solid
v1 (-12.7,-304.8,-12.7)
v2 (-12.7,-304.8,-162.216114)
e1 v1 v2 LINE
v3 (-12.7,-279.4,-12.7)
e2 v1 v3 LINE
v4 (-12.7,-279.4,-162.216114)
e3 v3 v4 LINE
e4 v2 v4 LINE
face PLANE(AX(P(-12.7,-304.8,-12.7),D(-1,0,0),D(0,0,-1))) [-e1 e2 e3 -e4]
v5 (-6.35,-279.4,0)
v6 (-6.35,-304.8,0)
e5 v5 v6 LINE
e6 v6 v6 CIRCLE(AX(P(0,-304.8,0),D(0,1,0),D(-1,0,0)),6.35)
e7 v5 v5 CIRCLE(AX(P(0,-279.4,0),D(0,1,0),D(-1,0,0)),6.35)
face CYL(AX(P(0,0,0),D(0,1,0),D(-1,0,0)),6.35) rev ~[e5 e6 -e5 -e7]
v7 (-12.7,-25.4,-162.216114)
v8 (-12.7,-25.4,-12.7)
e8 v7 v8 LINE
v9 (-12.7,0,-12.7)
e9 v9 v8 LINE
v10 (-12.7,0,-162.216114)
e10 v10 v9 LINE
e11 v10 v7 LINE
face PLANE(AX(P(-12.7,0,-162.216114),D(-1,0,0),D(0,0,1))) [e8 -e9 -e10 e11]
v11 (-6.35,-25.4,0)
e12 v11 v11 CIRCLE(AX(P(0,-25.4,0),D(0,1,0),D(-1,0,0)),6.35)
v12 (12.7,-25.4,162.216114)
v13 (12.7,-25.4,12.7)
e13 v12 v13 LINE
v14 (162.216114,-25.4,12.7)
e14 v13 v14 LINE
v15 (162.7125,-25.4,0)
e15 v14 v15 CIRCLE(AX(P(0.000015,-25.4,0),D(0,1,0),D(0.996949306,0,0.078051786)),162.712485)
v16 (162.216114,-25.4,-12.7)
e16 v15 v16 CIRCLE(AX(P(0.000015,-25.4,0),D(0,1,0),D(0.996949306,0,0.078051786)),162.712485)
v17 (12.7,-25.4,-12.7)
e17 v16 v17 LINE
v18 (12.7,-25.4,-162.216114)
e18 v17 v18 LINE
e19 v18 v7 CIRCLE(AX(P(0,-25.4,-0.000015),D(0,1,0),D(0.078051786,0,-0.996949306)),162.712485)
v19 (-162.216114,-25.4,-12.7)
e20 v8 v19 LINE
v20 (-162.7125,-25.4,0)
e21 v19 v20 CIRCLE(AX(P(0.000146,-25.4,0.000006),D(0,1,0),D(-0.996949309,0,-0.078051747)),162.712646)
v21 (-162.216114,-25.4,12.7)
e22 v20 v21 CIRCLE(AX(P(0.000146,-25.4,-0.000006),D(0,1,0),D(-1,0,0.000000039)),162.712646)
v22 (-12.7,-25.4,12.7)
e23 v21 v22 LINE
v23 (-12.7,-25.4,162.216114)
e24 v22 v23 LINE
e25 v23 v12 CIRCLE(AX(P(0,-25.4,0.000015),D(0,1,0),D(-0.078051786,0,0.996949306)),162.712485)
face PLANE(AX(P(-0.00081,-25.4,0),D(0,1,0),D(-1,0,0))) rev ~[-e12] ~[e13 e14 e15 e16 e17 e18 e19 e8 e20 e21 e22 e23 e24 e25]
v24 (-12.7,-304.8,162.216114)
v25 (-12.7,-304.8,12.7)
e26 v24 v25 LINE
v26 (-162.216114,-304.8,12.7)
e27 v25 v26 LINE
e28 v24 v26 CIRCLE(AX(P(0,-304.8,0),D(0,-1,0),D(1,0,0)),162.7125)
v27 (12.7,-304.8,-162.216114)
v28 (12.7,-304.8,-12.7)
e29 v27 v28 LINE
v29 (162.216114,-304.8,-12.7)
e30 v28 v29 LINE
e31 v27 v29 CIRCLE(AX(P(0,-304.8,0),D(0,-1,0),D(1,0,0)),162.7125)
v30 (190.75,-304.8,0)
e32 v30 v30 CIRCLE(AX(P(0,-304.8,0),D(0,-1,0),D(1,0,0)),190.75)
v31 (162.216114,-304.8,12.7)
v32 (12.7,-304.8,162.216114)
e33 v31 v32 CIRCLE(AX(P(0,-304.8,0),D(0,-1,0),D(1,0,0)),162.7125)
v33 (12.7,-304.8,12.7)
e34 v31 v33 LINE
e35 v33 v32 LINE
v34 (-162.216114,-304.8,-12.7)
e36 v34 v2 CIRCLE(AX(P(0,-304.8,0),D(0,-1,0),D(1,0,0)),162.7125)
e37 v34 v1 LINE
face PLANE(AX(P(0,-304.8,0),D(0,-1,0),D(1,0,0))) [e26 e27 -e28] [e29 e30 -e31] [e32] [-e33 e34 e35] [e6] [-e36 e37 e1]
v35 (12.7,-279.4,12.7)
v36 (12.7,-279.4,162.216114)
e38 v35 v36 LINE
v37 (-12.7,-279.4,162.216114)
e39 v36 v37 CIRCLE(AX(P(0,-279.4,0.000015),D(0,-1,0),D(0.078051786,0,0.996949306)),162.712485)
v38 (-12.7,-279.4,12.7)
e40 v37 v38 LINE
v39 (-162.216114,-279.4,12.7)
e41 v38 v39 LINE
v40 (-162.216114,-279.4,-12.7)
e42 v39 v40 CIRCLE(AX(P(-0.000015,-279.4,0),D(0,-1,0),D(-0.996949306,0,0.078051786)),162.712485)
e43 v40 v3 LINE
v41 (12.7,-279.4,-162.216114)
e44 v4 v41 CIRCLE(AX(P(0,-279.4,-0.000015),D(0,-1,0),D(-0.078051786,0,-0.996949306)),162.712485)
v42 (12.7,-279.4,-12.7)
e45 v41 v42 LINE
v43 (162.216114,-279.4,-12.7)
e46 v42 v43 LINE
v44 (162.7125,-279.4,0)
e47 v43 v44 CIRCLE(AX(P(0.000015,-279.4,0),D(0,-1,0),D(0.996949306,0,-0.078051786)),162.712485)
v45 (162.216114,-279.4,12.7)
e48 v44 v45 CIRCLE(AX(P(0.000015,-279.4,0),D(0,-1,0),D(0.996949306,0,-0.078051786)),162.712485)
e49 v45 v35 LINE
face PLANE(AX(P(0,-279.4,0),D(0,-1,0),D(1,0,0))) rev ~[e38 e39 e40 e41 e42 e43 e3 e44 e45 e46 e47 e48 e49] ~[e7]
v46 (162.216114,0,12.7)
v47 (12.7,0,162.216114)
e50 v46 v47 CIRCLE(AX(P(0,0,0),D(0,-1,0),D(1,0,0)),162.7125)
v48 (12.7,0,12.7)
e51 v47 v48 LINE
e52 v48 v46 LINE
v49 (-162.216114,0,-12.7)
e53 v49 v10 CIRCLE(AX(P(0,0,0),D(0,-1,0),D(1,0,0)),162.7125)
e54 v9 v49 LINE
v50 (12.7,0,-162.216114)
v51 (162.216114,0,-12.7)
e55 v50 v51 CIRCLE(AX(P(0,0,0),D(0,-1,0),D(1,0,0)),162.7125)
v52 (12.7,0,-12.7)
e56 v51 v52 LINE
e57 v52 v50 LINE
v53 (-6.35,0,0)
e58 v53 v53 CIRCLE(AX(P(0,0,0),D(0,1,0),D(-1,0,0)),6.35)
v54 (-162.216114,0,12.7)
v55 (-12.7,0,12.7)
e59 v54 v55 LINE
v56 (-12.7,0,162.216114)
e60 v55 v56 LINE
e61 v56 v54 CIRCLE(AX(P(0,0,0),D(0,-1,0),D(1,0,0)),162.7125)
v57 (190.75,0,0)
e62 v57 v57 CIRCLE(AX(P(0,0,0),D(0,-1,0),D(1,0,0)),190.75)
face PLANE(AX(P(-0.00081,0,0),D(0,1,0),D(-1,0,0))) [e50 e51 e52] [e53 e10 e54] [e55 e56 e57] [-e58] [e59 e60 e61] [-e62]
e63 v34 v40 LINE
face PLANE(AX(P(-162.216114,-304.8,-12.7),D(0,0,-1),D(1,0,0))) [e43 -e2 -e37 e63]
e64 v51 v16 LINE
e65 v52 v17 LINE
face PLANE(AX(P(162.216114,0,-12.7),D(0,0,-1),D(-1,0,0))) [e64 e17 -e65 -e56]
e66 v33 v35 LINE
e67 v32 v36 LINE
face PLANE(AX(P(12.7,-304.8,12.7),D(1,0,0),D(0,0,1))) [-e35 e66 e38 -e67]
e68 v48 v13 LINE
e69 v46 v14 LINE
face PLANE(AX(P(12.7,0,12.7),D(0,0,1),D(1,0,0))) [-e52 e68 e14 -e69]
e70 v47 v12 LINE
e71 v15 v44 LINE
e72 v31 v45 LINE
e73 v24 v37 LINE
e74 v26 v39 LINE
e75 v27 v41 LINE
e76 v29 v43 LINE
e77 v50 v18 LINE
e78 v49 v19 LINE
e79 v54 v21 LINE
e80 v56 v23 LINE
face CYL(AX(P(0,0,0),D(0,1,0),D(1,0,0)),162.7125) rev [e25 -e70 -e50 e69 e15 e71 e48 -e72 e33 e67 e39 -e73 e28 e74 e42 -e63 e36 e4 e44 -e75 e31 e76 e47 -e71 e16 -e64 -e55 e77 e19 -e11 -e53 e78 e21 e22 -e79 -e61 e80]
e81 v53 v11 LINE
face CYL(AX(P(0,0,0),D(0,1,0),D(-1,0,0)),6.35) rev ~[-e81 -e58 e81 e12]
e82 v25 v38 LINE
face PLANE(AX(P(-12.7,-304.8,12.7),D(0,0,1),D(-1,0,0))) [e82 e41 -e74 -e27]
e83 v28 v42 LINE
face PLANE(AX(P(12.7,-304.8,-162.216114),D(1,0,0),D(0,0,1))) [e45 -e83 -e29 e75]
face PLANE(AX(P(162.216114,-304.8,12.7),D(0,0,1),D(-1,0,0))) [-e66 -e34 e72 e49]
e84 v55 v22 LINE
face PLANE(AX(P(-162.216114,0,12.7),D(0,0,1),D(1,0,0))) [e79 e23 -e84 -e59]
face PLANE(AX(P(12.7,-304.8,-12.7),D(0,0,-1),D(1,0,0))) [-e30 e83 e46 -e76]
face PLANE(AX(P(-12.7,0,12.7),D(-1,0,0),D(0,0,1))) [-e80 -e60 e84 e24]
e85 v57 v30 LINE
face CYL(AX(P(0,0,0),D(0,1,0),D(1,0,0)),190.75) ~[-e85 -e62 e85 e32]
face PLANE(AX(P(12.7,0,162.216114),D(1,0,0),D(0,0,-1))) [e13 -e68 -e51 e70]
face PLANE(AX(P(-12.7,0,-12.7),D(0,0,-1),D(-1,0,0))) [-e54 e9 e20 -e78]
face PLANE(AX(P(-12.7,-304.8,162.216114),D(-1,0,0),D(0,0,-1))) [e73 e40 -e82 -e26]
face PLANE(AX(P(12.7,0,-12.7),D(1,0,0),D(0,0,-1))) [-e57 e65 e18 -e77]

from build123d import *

# Parameters (mm, degrees)
F0_R     = 190.75
F0_R_2   = 162.7125
F1_DEPTH = 304.8
F3_DEPTH = 25.4
F5_DEPTH = 25.4
F6_R     = 6.35
F7_DEPTH = 382


with BuildPart() as f1:
    # F0 (on Front) → F1 (new body)
    with BuildSketch(Plane.XZ):
        Circle(F0_R)
        Circle(F0_R_2, mode=Mode.SUBTRACT)
    extrude(amount=F1_DEPTH)

    # F2 (on face) → F3 (join)
    with BuildSketch(Plane.XZ.offset(304.8)):
        with BuildLine():
            ThreePointArc((12.7, 162.216114), (0, 162.7125), (-12.7, 162.216114))
            Line((-12.7, 162.216114), (-12.7, 12.7))
            Line((-12.7, 12.7), (-12.7, -12.7))
            Line((-12.7, -12.7), (-12.7, -162.216114))
            ThreePointArc((-12.7, -162.216114), (0, -162.7125), (12.7, -162.216114))
            Line((12.7, -162.216114), (12.7, -12.7))
            Line((12.7, -12.7), (12.7, 12.7))
            Line((12.7, 12.7), (12.7, 162.216114))
        make_face()
        with BuildLine():
            Line((-12.7, -12.7), (-12.7, 12.7))
            Line((-12.7, 12.7), (-162.216114, 12.7))
            ThreePointArc((-162.216114, 12.7), (-162.7125, 0), (-162.216114, -12.7))
            Line((-162.216114, -12.7), (-12.7, -12.7))
        make_face()
        with BuildLine():
            Line((162.216114, 12.7), (12.7, 12.7))
            Line((12.7, 12.7), (12.7, -12.7))
            Line((12.7, -12.7), (162.216114, -12.7))
            ThreePointArc((162.216114, -12.7), (162.7125, 0), (162.216114, 12.7))
        make_face()
        with BuildLine():
            Line((162.216114, 12.7), (12.7, 12.7))
            Line((12.7, 12.7), (12.7, -12.7))
            Line((12.7, -12.7), (162.216114, -12.7))
            ThreePointArc((162.216114, -12.7), (162.588356, -6.354849), (162.7125, 0))
            ThreePointArc((162.7125, 0), (162.588356, 6.354849), (162.216114, 12.7))
        make_face()
    extrude(amount=-F3_DEPTH)

    # F4 (on face) → F5 (join)
    with BuildSketch(Plane(origin=(0, 0, 0), x_dir=(-1, 0, 0), z_dir=(0, 1, 0))):
        with BuildLine():
            Line((-12.7, 162.216114), (-12.7, 12.7))
            Line((-12.7, 12.7), (-162.216114, 12.7))
            ThreePointArc((-162.216114, 12.7), (-162.7125, 0), (-162.216114, -12.7))
            Line((-162.216114, -12.7), (-12.7, -12.7))
            Line((-12.7, -12.7), (-12.7, -162.216114))
            ThreePointArc((-12.7, -162.216114), (0, -162.7125), (12.7, -162.216114))
            Line((12.7, -162.216114), (12.7, -12.7))
            Line((12.7, -12.7), (162.216114, -12.7))
            ThreePointArc((162.216114, -12.7), (162.588356, -6.354849), (162.7125, 0))
            ThreePointArc((162.7125, 0), (162.588356, 6.354849), (162.216114, 12.7))
            Line((162.216114, 12.7), (12.7, 12.7))
            Line((12.7, 12.7), (12.7, 162.216114))
            ThreePointArc((12.7, 162.216114), (0, 162.7125), (-12.7, 162.216114))
        make_face()
    extrude(amount=-F5_DEPTH)

    # F6 (on face) → F7 (cut)
    with BuildSketch(Plane(origin=(0, 0, 0), x_dir=(-1, 0, 0), z_dir=(0, 1, 0))):
        Circle(F6_R)
    extrude(amount=-F7_DEPTH, mode=Mode.SUBTRACT)


solid = f1.part
